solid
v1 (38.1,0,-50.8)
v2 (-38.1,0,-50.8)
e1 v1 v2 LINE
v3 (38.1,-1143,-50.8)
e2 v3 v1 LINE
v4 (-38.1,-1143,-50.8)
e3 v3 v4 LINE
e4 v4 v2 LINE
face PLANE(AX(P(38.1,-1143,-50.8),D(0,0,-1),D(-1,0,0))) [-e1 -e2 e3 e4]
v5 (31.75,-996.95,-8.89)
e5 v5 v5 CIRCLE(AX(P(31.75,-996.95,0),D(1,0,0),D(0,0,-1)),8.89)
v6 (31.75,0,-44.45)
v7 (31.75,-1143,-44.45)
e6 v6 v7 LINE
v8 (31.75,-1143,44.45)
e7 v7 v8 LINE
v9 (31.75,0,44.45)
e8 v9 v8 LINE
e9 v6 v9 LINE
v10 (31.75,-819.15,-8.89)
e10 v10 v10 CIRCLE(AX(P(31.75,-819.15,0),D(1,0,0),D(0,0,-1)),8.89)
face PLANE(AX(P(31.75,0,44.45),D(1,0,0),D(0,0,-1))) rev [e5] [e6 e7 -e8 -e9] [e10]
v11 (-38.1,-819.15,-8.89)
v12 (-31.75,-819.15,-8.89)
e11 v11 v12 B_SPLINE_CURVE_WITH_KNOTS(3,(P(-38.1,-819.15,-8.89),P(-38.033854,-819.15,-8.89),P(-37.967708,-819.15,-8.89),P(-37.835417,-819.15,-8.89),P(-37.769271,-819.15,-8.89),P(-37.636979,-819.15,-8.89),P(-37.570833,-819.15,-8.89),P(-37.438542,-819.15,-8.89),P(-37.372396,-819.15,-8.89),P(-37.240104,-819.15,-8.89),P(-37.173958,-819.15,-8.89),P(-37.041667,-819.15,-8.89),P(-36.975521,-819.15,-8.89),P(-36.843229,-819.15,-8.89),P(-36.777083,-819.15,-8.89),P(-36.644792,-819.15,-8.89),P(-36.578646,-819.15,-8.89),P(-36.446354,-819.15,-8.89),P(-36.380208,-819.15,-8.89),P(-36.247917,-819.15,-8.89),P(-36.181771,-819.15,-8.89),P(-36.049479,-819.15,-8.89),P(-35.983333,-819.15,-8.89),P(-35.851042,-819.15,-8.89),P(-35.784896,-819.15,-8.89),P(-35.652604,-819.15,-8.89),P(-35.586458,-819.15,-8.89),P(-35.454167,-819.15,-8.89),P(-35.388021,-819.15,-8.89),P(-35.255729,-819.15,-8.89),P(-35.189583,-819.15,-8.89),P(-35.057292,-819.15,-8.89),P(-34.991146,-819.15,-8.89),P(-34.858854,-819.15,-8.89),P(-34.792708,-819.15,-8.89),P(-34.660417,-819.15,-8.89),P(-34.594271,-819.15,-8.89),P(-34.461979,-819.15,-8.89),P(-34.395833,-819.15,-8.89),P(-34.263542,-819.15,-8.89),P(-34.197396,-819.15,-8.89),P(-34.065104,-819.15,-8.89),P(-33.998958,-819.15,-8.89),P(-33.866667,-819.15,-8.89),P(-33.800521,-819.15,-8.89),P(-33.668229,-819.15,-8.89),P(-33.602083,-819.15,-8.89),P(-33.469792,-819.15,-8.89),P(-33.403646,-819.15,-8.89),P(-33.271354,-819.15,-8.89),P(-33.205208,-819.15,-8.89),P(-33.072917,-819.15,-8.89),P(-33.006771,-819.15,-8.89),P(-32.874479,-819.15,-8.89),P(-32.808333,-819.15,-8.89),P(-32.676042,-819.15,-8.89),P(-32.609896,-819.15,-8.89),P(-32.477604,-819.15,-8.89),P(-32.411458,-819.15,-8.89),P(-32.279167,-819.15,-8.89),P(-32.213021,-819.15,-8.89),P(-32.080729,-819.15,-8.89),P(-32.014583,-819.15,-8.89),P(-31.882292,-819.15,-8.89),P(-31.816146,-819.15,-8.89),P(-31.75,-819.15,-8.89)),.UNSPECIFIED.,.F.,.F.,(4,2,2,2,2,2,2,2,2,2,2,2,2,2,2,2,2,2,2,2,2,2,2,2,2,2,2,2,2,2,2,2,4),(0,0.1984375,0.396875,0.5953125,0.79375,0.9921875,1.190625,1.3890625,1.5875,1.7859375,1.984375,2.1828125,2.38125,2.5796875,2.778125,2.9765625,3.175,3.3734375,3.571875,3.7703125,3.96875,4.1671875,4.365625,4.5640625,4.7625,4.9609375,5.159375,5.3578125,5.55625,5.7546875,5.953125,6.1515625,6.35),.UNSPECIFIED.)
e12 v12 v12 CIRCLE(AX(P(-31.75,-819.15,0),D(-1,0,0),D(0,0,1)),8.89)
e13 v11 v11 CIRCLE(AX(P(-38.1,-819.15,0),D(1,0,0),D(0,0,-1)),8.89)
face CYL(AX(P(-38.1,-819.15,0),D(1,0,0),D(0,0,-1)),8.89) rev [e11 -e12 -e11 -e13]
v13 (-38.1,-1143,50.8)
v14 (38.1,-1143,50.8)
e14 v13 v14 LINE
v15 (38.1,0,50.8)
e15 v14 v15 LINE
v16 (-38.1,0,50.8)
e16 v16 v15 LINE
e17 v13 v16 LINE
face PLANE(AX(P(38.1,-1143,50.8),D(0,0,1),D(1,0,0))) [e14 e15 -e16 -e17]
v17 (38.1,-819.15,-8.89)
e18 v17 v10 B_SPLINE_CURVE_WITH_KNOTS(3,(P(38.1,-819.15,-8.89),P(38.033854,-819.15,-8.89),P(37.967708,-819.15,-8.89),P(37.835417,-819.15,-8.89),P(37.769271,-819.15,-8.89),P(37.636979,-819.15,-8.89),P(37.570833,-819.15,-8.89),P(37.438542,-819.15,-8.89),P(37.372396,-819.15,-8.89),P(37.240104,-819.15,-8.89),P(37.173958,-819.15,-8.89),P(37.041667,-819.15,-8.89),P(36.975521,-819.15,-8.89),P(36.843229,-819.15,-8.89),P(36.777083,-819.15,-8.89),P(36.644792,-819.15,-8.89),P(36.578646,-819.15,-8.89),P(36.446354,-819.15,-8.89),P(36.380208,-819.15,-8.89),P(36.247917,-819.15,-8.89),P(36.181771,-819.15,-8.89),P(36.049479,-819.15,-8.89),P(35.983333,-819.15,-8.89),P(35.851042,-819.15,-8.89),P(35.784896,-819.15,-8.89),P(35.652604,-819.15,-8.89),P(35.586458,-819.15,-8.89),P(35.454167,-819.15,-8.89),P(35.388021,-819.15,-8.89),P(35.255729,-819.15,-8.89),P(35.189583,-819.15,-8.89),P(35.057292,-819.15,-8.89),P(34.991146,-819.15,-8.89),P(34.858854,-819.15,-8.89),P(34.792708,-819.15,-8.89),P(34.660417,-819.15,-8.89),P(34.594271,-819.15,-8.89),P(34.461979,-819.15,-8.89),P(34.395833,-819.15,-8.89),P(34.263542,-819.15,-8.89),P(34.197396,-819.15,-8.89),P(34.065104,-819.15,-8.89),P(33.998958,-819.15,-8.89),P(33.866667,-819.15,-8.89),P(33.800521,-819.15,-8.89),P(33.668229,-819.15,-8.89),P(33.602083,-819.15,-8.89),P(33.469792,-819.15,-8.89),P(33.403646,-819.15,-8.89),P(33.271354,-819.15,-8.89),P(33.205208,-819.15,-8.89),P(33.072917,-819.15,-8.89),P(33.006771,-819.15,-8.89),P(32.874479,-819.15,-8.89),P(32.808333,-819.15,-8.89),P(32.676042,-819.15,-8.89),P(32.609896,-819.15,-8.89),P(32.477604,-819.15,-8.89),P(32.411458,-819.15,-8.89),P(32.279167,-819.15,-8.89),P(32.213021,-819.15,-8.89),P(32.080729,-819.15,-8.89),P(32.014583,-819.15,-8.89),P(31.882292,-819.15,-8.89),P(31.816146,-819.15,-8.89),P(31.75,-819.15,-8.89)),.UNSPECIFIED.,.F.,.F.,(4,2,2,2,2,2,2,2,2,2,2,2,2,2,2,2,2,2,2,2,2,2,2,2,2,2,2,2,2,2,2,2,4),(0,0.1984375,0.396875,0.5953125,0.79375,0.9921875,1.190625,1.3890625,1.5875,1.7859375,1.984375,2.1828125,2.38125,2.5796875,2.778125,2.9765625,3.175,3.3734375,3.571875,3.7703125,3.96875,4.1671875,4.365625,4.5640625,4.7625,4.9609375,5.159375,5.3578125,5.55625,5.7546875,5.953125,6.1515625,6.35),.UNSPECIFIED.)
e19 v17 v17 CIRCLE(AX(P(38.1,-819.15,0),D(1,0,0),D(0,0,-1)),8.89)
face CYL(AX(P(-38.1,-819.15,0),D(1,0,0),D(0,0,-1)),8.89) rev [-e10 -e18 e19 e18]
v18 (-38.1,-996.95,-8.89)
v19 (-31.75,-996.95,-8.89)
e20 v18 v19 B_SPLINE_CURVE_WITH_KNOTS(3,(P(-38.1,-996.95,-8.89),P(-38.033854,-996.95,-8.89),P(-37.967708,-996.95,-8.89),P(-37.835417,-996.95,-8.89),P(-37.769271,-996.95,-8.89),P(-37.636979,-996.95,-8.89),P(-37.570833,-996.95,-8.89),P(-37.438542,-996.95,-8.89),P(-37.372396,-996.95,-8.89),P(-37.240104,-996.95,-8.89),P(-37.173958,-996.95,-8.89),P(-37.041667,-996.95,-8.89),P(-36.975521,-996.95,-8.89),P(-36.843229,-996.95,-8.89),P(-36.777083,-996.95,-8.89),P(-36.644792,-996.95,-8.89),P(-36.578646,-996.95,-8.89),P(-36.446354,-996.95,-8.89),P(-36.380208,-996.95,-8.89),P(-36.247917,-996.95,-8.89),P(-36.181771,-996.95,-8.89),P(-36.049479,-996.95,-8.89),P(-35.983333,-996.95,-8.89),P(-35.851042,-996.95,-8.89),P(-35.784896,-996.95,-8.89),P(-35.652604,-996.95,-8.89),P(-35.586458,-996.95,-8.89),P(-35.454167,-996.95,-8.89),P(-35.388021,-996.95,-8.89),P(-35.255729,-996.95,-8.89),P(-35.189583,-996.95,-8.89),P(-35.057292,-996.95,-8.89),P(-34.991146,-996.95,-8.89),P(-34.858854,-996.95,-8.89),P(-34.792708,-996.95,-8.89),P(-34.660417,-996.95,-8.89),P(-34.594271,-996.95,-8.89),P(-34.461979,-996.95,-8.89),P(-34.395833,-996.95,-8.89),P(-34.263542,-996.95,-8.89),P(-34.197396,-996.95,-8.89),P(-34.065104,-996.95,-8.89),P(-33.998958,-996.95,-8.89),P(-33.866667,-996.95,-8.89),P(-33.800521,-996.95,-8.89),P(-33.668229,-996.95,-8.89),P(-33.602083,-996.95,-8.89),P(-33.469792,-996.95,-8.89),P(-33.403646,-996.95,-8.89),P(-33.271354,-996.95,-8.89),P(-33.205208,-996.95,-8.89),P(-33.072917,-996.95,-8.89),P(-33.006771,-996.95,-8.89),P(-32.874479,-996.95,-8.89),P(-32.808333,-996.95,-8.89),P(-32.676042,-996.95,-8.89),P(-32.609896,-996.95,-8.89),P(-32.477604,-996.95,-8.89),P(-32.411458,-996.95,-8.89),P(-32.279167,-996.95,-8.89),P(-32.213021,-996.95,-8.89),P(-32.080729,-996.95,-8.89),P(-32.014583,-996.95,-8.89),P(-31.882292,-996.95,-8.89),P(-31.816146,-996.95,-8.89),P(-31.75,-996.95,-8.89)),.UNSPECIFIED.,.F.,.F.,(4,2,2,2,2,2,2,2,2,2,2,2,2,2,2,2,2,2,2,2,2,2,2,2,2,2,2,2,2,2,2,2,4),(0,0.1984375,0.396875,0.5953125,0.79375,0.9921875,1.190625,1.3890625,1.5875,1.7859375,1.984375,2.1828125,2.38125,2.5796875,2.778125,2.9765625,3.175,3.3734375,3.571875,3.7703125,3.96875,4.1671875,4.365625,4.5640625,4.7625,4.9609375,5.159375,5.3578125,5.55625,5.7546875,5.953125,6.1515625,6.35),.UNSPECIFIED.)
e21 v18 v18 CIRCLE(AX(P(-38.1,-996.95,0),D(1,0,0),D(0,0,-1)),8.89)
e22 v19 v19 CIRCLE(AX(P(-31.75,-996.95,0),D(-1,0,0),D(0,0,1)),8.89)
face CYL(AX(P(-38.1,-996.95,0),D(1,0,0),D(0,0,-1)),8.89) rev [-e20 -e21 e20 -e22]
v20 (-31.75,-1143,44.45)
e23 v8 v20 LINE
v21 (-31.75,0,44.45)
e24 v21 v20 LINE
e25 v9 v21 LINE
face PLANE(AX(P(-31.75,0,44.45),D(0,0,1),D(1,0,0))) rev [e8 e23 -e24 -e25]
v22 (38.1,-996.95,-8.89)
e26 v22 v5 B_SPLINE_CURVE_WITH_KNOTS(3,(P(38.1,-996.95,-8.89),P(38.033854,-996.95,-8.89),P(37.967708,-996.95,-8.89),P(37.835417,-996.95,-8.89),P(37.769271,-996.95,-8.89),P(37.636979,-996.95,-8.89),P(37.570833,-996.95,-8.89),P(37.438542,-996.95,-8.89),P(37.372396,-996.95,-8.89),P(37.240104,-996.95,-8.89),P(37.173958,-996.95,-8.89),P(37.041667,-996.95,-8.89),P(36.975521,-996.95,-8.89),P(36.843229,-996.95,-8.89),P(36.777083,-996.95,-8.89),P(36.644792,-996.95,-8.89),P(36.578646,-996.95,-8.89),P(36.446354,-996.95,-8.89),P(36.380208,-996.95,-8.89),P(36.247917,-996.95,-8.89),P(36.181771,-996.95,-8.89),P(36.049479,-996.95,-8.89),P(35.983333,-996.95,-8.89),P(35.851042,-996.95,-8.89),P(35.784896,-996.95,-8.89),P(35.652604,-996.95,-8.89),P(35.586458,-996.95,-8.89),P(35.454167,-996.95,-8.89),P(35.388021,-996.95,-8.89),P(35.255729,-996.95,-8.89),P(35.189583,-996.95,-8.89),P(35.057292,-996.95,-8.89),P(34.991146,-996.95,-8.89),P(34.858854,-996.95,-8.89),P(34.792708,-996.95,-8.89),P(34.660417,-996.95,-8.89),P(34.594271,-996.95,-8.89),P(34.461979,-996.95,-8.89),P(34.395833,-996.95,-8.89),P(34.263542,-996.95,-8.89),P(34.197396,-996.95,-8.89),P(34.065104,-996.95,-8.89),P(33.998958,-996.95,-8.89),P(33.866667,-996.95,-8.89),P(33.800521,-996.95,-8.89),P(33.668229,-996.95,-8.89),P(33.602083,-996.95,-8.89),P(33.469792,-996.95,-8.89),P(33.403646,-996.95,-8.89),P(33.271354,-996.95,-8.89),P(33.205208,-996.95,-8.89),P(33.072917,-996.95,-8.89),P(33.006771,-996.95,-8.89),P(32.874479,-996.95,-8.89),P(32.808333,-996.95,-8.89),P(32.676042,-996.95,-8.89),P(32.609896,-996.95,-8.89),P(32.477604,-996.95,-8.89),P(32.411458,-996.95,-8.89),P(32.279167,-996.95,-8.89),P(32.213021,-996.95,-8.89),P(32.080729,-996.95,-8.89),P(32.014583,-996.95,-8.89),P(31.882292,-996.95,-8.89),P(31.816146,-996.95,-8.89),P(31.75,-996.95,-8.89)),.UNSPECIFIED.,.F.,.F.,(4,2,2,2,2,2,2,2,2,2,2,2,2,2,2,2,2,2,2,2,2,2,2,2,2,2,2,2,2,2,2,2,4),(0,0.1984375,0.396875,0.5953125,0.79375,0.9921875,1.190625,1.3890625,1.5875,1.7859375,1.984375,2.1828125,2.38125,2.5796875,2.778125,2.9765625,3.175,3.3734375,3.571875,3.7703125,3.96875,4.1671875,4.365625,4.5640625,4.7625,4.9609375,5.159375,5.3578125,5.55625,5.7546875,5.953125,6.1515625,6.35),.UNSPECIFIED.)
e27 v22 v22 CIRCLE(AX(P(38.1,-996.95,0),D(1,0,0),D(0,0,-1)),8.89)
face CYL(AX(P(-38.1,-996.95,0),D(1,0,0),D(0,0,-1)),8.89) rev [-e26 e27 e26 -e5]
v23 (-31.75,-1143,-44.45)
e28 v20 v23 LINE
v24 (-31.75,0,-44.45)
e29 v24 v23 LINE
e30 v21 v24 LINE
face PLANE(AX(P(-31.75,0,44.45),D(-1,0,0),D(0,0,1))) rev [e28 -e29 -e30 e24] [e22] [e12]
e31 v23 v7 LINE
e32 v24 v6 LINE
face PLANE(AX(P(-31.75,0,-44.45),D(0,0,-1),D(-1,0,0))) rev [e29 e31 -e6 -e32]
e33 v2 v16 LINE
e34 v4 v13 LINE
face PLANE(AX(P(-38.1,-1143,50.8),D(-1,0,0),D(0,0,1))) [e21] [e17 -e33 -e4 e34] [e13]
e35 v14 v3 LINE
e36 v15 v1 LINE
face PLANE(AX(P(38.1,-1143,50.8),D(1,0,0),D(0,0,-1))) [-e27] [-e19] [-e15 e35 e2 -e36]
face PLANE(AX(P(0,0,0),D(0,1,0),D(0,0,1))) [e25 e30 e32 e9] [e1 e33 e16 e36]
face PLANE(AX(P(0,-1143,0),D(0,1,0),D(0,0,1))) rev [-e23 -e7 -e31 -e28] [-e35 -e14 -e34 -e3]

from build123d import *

# Parameters (mm, degrees)
SKETCH1_W           = 76.2
SKETCH1_H           = 101.6
BOSS_EXTRUDE1_DEPTH = 1143
SKETCH2_W           = 63.5
SKETCH2_H           = 88.9
CUT_EXTRUDE1_DEPTH  = 1145.76252996
SKETCH3_R           = 8.89
CUT_EXTRUDE2_DEPTH  = 1147.663019374


with BuildPart() as part:
    # Sketch1 → Boss-Extrude1 (new body)
    with BuildSketch(Plane(origin=(0, 0, 0), x_dir=(1, 0, 0), z_dir=(0, 1, 0))):
        Rectangle(SKETCH1_W, SKETCH1_H)
    extrude(amount=-BOSS_EXTRUDE1_DEPTH)

    # Sketch2 → Cut-Extrude1 (cut, through all)
    with BuildSketch(Plane.XZ.offset(1143)):
        Rectangle(SKETCH2_W, SKETCH2_H)
    extrude(amount=-CUT_EXTRUDE1_DEPTH, mode=Mode.SUBTRACT)

    # Sketch3 → Cut-Extrude2 (cut, through all)
    with BuildSketch(Plane(origin=(38.1, 0, 0), x_dir=(0, 0, -1), z_dir=(1, 0, 0))):
        with Locations((0, -996.95)):
            Circle(SKETCH3_R)
        with Locations((0, -819.15)):
            Circle(SKETCH3_R)
    extrude(amount=-CUT_EXTRUDE2_DEPTH, mode=Mode.SUBTRACT)


solid = part.part
